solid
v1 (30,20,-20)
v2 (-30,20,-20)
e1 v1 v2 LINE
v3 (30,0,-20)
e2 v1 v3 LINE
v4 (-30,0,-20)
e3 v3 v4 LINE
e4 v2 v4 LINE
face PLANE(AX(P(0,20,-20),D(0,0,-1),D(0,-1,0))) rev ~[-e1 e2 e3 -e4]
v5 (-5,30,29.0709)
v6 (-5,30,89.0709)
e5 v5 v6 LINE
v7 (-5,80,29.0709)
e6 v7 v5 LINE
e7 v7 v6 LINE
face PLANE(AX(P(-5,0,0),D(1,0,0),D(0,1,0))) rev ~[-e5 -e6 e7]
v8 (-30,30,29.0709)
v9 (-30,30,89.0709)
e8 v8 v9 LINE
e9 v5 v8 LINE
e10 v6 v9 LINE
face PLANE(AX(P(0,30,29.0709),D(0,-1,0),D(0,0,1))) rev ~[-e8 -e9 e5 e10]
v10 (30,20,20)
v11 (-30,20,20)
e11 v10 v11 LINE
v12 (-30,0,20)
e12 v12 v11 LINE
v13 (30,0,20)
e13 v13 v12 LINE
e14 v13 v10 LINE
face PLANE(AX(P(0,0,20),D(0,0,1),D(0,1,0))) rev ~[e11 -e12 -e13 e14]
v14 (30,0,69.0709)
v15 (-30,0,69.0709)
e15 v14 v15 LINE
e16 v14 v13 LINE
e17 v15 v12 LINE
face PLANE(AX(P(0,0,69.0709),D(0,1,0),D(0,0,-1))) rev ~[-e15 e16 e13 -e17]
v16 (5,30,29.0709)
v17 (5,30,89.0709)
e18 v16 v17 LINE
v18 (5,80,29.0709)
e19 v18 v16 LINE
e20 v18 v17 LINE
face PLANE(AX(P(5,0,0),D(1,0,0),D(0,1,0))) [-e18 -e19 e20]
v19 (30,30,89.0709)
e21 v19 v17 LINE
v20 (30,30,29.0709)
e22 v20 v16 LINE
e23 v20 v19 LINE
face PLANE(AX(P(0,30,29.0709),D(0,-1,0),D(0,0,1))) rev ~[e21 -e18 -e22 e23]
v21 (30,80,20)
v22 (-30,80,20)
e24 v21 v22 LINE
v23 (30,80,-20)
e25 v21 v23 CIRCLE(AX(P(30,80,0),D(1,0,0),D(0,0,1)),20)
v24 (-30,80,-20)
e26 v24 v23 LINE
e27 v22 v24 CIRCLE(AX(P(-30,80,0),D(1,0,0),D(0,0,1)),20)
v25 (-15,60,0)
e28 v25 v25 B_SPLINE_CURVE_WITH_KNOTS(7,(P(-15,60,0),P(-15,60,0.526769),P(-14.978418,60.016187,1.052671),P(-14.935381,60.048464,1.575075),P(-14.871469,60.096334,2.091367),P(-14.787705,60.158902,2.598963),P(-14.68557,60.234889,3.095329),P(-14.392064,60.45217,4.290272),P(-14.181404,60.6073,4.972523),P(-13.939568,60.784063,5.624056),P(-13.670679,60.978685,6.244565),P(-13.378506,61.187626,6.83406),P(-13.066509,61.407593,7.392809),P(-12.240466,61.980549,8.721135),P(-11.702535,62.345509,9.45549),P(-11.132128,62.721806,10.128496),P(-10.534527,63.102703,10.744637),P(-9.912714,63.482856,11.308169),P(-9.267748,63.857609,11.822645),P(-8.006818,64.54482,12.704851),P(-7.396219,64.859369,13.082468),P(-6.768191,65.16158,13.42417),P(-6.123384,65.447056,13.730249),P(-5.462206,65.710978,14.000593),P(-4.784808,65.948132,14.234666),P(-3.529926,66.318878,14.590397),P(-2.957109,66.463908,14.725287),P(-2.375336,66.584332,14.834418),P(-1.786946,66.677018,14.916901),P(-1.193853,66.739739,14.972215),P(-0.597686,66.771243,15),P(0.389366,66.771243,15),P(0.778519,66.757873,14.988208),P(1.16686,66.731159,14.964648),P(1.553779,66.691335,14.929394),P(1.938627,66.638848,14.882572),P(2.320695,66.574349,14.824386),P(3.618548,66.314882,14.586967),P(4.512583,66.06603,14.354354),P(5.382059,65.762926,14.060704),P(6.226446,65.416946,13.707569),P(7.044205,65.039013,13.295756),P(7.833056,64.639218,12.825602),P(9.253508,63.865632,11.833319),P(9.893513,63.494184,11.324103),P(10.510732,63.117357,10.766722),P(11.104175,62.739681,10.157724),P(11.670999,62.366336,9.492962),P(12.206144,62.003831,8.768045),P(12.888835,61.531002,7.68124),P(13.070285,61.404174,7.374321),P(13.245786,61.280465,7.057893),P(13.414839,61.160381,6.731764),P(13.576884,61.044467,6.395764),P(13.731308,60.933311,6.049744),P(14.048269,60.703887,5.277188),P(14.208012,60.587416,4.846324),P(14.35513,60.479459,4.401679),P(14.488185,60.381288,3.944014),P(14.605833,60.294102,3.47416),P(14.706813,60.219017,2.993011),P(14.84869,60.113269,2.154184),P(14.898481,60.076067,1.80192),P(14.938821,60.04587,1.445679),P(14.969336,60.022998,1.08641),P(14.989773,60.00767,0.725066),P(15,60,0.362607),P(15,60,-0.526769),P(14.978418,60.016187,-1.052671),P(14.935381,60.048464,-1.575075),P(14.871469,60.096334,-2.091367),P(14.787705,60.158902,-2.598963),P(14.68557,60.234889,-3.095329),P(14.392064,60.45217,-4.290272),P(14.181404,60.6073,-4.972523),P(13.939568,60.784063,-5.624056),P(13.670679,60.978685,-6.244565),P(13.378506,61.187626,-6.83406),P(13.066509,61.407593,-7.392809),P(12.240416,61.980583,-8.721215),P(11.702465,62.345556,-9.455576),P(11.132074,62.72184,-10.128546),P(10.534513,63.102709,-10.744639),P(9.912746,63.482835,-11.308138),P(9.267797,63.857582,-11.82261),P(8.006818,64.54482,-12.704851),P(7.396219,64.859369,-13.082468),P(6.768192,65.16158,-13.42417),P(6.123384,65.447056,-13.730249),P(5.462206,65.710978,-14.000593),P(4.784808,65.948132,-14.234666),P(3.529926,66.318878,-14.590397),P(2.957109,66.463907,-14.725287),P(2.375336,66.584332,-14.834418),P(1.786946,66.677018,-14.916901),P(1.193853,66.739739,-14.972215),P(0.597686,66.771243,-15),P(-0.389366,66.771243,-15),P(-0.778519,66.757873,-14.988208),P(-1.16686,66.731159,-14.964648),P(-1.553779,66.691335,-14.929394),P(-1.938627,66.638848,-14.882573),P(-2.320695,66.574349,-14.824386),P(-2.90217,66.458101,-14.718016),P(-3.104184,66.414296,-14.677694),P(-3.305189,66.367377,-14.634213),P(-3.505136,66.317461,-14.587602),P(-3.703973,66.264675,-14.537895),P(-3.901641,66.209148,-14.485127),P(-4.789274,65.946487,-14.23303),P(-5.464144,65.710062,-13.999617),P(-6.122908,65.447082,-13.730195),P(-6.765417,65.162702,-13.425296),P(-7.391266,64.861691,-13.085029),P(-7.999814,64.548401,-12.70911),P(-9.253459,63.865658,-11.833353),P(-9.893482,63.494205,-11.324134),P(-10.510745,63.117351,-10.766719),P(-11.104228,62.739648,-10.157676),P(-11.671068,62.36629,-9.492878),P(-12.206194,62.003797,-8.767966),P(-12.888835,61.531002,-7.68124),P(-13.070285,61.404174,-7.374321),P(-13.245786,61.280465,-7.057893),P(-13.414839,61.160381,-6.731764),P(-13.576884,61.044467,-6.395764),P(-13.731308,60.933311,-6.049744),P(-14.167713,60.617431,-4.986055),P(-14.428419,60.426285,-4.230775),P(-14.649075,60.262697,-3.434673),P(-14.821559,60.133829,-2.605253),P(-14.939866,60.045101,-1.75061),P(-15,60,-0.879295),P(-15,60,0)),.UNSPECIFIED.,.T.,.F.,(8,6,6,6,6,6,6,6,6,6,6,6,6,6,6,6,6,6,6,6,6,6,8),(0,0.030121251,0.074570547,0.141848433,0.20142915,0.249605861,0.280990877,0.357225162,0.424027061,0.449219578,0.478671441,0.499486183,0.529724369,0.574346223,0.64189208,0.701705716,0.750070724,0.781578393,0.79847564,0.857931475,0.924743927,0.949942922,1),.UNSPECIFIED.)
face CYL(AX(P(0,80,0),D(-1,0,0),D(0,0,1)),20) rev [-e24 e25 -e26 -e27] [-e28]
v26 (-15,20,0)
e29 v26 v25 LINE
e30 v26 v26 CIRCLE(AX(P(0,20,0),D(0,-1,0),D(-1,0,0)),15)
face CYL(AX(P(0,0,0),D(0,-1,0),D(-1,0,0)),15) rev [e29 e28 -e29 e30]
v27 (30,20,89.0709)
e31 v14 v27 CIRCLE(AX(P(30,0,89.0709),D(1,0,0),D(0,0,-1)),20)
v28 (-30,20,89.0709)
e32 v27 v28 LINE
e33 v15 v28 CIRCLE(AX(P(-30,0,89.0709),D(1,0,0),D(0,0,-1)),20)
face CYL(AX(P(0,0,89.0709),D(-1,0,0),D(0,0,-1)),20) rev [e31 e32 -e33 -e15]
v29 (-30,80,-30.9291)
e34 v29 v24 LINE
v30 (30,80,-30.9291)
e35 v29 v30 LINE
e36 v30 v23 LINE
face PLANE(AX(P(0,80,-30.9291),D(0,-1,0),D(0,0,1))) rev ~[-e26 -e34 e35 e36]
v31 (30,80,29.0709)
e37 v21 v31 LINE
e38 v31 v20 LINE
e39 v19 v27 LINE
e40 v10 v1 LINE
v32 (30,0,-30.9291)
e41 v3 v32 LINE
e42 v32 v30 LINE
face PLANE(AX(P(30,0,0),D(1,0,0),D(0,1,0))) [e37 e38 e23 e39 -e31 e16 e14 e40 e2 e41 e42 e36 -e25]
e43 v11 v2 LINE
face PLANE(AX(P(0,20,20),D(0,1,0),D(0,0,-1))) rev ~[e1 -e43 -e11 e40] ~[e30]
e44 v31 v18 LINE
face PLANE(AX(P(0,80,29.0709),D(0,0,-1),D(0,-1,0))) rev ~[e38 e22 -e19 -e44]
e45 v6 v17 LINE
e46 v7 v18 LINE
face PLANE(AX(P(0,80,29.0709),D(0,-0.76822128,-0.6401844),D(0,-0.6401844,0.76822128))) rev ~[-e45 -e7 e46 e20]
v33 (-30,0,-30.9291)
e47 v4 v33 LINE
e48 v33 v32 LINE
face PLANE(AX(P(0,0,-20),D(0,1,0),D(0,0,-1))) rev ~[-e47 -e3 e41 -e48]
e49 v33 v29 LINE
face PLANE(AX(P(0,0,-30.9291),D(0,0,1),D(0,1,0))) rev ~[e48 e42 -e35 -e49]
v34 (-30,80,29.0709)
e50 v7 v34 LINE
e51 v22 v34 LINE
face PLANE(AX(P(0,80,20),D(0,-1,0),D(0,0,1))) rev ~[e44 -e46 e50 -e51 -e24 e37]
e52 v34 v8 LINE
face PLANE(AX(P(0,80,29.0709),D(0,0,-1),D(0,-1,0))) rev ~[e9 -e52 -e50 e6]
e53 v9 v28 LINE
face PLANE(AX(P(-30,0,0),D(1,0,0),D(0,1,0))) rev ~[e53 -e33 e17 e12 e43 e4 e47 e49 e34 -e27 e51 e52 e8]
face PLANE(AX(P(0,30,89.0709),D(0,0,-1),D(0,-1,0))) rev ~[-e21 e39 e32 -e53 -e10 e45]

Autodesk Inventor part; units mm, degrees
ref_plane "YZ Plane" through (0, 0, 0) normal (1, 0, 0) x (0, 1, 0)
ref_plane "XZ Plane" through (0, 0, 0) normal (0, 1, 0) x (-1, 0, 0)
ref_plane "XY Plane" through (0, 0, 0) normal (0, 0, 1) x (1, 0, 0)
sketch "Эскиз1" plane through (0, 0, 0) normal (1, 0, 0) x (0, 1, 0)
  line L0 (0, -30.9291) -> (80, -30.9291)
  line L1 (80, 29.0709) -> (30, 29.0709)
  line L2 (30, 29.0709) -> (30, 89.0709)
  line L3 (30, 89.0709) -> (20, 89.0709)
  line L4 (80, 29.0709) -> (30, 89.0709)
  arc A0 (0, 69.0709) -> (20, 89.0709) centre (0, 89.0709) ccw
  arc A1 (80, 20) -> (80, -20) centre (80, 0) ccw
  line L5 (0, 20) -> (20, 20)
  line L6 (20, 20) -> (20, -20)
  line L7 (20, -20) -> (0, -20)
  line L8 (0, -20) -> (0, -30.9291)
  line L9 (80, -30.9291) -> (80, -20)
  line L10 (80, 20) -> (80, 29.0709)
  line L11 (0, 69.0709) -> (0, 20)
  point P0 (0, 0)
extrude "Выдавливание1" add sketch "Эскиз1" along normal mid plane 60 contours L8 L7 L6 L5 L11 A0 L3 L2 L1 L10 A1 L9 L0
extrude "Выдавливание2" add sketch "Эскиз1" along normal mid plane 10 contours L1 L2 L4
sketch "Эскиз3" plane through (0, 0, 0) normal (0, 1, 0) x (-1, 0, 0)
  circle A0 centre (0, 0) radius 15
  dimension "d12" = 30
extrude "Выдавливание3" cut sketch "Эскиз3" along normal blind 100
properties part number "Корпус"
